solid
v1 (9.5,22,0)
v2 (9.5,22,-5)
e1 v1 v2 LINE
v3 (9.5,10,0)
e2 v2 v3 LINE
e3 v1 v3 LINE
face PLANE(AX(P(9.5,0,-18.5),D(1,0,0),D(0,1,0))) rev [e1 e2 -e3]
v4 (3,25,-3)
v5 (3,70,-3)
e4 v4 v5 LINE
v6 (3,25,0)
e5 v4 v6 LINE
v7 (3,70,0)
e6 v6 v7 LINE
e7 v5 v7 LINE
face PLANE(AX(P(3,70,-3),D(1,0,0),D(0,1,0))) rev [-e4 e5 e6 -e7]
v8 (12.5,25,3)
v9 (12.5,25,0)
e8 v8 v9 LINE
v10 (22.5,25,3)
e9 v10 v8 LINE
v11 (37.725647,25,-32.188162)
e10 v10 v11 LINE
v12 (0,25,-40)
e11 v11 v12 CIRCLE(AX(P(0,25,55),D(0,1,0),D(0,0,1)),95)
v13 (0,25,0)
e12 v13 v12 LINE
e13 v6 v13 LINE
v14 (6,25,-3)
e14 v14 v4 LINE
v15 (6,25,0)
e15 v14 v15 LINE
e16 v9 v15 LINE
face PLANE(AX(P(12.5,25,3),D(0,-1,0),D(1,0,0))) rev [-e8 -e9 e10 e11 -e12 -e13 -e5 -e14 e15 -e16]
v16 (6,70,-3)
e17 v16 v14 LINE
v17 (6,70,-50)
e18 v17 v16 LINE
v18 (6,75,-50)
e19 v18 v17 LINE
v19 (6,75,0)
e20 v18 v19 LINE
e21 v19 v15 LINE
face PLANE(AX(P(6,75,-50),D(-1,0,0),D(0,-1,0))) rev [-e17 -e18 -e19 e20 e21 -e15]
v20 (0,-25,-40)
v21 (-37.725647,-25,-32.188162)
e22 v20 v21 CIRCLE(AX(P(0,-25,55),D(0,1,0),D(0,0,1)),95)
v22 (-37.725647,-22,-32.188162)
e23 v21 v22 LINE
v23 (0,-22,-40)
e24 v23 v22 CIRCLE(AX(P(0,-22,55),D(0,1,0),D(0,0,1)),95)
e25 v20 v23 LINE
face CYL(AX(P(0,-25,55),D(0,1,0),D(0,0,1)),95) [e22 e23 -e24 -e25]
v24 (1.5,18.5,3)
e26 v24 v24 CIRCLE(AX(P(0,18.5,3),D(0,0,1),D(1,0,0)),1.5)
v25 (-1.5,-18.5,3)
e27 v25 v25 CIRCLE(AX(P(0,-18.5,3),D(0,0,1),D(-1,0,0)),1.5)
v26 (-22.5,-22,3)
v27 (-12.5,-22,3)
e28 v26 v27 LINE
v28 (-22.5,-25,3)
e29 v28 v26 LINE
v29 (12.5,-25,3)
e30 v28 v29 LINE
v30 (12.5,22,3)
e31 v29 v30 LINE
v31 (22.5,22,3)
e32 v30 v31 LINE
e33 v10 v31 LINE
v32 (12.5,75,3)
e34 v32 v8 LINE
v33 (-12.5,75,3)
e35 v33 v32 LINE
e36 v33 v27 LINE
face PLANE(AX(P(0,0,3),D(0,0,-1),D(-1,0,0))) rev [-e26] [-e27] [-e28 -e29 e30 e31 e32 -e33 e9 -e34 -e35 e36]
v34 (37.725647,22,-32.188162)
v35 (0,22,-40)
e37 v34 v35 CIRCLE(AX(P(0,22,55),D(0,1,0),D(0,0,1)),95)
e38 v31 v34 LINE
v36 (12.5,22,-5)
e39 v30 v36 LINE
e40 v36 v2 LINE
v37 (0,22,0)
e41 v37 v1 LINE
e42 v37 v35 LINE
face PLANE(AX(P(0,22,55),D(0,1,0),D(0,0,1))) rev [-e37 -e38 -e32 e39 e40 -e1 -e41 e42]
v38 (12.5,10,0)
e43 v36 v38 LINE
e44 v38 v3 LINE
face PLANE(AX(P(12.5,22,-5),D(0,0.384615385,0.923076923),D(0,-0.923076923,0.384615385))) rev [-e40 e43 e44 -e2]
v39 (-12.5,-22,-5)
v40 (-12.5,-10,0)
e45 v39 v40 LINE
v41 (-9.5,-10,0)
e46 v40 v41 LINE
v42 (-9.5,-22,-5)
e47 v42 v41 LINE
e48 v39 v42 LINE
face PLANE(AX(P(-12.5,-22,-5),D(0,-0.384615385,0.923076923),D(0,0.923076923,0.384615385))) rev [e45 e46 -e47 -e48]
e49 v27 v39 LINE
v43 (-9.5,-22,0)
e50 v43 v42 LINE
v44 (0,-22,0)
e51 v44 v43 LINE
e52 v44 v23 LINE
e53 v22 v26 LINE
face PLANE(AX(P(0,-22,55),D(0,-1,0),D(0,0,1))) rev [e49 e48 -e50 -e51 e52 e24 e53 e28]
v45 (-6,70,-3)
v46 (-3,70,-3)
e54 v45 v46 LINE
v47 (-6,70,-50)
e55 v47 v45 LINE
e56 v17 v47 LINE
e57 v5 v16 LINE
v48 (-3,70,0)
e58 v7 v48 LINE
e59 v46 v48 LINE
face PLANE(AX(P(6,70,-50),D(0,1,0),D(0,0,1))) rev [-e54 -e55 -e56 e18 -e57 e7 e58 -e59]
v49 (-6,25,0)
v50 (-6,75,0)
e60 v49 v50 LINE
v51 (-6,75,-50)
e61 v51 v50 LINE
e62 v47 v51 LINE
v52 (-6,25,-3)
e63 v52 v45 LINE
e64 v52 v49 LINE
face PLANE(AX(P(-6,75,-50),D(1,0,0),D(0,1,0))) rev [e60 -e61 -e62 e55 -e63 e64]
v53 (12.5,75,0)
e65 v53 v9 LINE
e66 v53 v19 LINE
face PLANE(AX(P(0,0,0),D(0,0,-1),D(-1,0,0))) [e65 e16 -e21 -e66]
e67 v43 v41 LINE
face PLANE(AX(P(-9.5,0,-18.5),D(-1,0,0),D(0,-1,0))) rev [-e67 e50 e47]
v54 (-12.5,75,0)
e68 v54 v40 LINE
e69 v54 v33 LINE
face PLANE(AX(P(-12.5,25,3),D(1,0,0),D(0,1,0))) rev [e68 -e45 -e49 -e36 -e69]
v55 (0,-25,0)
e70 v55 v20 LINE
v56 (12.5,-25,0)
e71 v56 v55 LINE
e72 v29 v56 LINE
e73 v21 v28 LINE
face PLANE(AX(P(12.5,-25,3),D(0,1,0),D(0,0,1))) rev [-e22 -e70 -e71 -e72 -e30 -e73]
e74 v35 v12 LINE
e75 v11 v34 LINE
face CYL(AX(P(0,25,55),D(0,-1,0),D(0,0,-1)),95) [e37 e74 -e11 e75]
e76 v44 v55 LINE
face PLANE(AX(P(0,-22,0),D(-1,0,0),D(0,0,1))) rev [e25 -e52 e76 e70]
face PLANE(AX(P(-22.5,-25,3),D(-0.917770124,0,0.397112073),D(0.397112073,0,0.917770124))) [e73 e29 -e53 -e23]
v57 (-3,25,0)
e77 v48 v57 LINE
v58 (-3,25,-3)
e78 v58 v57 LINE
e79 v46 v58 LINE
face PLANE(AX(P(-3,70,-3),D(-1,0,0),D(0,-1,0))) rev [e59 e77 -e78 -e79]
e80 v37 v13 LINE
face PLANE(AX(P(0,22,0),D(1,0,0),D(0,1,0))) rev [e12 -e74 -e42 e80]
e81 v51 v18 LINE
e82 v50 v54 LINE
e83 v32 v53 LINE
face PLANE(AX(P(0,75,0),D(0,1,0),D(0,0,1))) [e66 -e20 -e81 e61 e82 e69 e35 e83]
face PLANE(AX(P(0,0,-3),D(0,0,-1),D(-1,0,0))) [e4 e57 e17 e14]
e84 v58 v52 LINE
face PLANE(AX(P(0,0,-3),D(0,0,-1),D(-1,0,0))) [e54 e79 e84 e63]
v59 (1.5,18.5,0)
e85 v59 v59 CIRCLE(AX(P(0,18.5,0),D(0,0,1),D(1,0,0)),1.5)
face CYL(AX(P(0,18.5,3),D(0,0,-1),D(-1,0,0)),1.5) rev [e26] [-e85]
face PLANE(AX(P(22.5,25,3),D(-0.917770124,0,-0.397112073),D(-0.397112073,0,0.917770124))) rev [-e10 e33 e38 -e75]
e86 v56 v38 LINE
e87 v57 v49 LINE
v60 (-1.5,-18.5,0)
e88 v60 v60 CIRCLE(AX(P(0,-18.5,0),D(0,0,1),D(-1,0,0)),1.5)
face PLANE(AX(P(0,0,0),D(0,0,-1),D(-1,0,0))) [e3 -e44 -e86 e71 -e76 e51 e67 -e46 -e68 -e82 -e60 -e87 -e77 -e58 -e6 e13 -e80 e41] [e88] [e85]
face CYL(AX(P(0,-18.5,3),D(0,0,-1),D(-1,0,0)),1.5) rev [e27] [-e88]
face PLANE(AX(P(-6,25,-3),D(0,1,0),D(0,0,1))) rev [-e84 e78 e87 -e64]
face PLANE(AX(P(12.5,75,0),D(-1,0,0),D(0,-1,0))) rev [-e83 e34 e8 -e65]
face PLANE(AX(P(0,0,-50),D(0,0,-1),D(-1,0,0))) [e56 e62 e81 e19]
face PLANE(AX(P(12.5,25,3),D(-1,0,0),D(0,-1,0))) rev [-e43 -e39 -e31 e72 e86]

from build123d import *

# Parameters (mm, degrees)
SKETCH_1_W               = 25
SKETCH_1_H               = 50
SKETCH_1_R               = 1.5
EXTRUDE_1_DEPTH          = 3
EXTRUDE_START            = 22
EXTRUDE_2_DEPTH          = 3
CUT_EXTRUDE_1_DEPTH      = 3
CUT_EXTRUDE_2_DEPTH      = 3
RIB_1_REACH              = 70.903
SKETCH_7_WALL_W          = 152.805886826
SKETCH_7_WALL_H          = 3
PATTERN_CIRCULAR_1_COUNT = 2
SKETCH_8_W               = 25
SKETCH_8_H               = 3
EXTRUDE_3_DEPTH          = 50
SKETCH_9_W               = 12
SKETCH_9_H               = 5
EXTRUDE_4_DEPTH          = 50
SKETCH_10_W              = 3
SKETCH_10_H              = 45
EXTRUDE_5_DEPTH          = 3


with BuildPart() as part:
    # 草图1 → 凸台-拉伸1 (new body)
    with BuildSketch(Plane.XY):
        Rectangle(SKETCH_1_W, SKETCH_1_H)
        with Locations((0, 18.5)):
            Circle(SKETCH_1_R, mode=Mode.SUBTRACT)
        with Locations((0, -18.5)):
            Circle(SKETCH_1_R, mode=Mode.SUBTRACT)
    extrude(amount=EXTRUDE_1_DEPTH)

    # 草图4 → 凸台-拉伸2 (add)
    with BuildSketch(Plane(origin=(0, 0, 0), x_dir=(1, 0, 0), z_dir=(0, 1, 0)).offset(EXTRUDE_START)):
        with BuildLine():
            Line((-22.5, -3), (22.5, -3))
            Line((22.5, -3), (37.725646944, 32.188161826))
            ThreePointArc((37.725646944, 32.188161826), (0, 40), (-37.725646944, 32.188161826))
            Line((-37.725646944, 32.188161826), (-22.5, -3))
        make_face()
    extrude_2 = extrude(amount=EXTRUDE_2_DEPTH)

    # 镜向1: 凸台-拉伸2 across plane
    add(extrude_2.mirror(Plane.ZX))

    # 草图5 → 切除-拉伸1 (cut)
    with BuildSketch(Plane.XZ.offset(25)):
        Polygon((0, 0), (12.5, 0), (12.5, 3), (39.027541645, 3), (39.027541645, -43.548502894), (0, -43.548502894), align=None)
    extrude(amount=-CUT_EXTRUDE_1_DEPTH, mode=Mode.SUBTRACT)

    # 草图6 → 切除-拉伸2 (cut)
    with BuildSketch(Plane(origin=(0, 25, 0), x_dir=(1, 0, 0), z_dir=(0, 1, 0))):
        Polygon((0, 0), (-12.5, 0), (-12.5, -3), (-39.063803434, -3), (-39.063803434, 42.915846613), (0, 42.915846613), align=None)
    extrude(amount=-CUT_EXTRUDE_2_DEPTH, mode=Mode.SUBTRACT)

    # 草图7 wall → 筋1 (add, up to next)
    with BuildSketch(Plane(origin=(-12.5, -16, -2.5), x_dir=(0, 0.923076923077, 0.384615384615), z_dir=(0, 0.384615384615, -0.923076923077)), mode=Mode.PRIVATE) as rib_1_sk1:
        with Locations((0, 1.5)):
            Rectangle(SKETCH_7_WALL_W, SKETCH_7_WALL_H)
    rib_1_tool1 = extrude(rib_1_sk1.sketch, amount=-RIB_1_REACH, mode=Mode.PRIVATE) - part.part
    rib_1 = rib_1_tool1.solids().sort_by_distance((-12.5, -16, -2.5))[0]
    add(rib_1)

    # 阵列(圆周)1: 筋1 ×2 about axis
    pattern_circular_1_axis = Axis((0, 0, -26.4), (0, 0, 1))
    for i in range(1, PATTERN_CIRCULAR_1_COUNT):
        add(rib_1.rotate(pattern_circular_1_axis, i * 360 / PATTERN_CIRCULAR_1_COUNT))

    # 草图8 → 凸台-拉伸3 (add)
    with BuildSketch(Plane(origin=(0, 25, 0), x_dir=(1, 0, 0), z_dir=(0, 1, 0))):
        with Locations((0, -1.5)):
            Rectangle(SKETCH_8_W, SKETCH_8_H)
    extrude(amount=EXTRUDE_3_DEPTH)

    # 草图9 → 凸台-拉伸4 (add)
    with BuildSketch(Plane(origin=(0, 0, 0), x_dir=(-1, 0, 0), z_dir=(0, 0, -1))):
        with Locations((0, 72.5)):
            Rectangle(SKETCH_9_W, SKETCH_9_H)
    extrude(amount=EXTRUDE_4_DEPTH)

    # 草图10 → 凸台-拉伸5 (add)
    with BuildSketch(Plane(origin=(0, 0, 0), x_dir=(-1, 0, 0), z_dir=(0, 0, -1))):
        with Locations((-4.5, 47.5)):
            Rectangle(SKETCH_10_W, SKETCH_10_H)
        with Locations((4.5, 47.5)):
            Rectangle(SKETCH_10_W, SKETCH_10_H)
    extrude(amount=EXTRUDE_5_DEPTH)


solid = part.part
